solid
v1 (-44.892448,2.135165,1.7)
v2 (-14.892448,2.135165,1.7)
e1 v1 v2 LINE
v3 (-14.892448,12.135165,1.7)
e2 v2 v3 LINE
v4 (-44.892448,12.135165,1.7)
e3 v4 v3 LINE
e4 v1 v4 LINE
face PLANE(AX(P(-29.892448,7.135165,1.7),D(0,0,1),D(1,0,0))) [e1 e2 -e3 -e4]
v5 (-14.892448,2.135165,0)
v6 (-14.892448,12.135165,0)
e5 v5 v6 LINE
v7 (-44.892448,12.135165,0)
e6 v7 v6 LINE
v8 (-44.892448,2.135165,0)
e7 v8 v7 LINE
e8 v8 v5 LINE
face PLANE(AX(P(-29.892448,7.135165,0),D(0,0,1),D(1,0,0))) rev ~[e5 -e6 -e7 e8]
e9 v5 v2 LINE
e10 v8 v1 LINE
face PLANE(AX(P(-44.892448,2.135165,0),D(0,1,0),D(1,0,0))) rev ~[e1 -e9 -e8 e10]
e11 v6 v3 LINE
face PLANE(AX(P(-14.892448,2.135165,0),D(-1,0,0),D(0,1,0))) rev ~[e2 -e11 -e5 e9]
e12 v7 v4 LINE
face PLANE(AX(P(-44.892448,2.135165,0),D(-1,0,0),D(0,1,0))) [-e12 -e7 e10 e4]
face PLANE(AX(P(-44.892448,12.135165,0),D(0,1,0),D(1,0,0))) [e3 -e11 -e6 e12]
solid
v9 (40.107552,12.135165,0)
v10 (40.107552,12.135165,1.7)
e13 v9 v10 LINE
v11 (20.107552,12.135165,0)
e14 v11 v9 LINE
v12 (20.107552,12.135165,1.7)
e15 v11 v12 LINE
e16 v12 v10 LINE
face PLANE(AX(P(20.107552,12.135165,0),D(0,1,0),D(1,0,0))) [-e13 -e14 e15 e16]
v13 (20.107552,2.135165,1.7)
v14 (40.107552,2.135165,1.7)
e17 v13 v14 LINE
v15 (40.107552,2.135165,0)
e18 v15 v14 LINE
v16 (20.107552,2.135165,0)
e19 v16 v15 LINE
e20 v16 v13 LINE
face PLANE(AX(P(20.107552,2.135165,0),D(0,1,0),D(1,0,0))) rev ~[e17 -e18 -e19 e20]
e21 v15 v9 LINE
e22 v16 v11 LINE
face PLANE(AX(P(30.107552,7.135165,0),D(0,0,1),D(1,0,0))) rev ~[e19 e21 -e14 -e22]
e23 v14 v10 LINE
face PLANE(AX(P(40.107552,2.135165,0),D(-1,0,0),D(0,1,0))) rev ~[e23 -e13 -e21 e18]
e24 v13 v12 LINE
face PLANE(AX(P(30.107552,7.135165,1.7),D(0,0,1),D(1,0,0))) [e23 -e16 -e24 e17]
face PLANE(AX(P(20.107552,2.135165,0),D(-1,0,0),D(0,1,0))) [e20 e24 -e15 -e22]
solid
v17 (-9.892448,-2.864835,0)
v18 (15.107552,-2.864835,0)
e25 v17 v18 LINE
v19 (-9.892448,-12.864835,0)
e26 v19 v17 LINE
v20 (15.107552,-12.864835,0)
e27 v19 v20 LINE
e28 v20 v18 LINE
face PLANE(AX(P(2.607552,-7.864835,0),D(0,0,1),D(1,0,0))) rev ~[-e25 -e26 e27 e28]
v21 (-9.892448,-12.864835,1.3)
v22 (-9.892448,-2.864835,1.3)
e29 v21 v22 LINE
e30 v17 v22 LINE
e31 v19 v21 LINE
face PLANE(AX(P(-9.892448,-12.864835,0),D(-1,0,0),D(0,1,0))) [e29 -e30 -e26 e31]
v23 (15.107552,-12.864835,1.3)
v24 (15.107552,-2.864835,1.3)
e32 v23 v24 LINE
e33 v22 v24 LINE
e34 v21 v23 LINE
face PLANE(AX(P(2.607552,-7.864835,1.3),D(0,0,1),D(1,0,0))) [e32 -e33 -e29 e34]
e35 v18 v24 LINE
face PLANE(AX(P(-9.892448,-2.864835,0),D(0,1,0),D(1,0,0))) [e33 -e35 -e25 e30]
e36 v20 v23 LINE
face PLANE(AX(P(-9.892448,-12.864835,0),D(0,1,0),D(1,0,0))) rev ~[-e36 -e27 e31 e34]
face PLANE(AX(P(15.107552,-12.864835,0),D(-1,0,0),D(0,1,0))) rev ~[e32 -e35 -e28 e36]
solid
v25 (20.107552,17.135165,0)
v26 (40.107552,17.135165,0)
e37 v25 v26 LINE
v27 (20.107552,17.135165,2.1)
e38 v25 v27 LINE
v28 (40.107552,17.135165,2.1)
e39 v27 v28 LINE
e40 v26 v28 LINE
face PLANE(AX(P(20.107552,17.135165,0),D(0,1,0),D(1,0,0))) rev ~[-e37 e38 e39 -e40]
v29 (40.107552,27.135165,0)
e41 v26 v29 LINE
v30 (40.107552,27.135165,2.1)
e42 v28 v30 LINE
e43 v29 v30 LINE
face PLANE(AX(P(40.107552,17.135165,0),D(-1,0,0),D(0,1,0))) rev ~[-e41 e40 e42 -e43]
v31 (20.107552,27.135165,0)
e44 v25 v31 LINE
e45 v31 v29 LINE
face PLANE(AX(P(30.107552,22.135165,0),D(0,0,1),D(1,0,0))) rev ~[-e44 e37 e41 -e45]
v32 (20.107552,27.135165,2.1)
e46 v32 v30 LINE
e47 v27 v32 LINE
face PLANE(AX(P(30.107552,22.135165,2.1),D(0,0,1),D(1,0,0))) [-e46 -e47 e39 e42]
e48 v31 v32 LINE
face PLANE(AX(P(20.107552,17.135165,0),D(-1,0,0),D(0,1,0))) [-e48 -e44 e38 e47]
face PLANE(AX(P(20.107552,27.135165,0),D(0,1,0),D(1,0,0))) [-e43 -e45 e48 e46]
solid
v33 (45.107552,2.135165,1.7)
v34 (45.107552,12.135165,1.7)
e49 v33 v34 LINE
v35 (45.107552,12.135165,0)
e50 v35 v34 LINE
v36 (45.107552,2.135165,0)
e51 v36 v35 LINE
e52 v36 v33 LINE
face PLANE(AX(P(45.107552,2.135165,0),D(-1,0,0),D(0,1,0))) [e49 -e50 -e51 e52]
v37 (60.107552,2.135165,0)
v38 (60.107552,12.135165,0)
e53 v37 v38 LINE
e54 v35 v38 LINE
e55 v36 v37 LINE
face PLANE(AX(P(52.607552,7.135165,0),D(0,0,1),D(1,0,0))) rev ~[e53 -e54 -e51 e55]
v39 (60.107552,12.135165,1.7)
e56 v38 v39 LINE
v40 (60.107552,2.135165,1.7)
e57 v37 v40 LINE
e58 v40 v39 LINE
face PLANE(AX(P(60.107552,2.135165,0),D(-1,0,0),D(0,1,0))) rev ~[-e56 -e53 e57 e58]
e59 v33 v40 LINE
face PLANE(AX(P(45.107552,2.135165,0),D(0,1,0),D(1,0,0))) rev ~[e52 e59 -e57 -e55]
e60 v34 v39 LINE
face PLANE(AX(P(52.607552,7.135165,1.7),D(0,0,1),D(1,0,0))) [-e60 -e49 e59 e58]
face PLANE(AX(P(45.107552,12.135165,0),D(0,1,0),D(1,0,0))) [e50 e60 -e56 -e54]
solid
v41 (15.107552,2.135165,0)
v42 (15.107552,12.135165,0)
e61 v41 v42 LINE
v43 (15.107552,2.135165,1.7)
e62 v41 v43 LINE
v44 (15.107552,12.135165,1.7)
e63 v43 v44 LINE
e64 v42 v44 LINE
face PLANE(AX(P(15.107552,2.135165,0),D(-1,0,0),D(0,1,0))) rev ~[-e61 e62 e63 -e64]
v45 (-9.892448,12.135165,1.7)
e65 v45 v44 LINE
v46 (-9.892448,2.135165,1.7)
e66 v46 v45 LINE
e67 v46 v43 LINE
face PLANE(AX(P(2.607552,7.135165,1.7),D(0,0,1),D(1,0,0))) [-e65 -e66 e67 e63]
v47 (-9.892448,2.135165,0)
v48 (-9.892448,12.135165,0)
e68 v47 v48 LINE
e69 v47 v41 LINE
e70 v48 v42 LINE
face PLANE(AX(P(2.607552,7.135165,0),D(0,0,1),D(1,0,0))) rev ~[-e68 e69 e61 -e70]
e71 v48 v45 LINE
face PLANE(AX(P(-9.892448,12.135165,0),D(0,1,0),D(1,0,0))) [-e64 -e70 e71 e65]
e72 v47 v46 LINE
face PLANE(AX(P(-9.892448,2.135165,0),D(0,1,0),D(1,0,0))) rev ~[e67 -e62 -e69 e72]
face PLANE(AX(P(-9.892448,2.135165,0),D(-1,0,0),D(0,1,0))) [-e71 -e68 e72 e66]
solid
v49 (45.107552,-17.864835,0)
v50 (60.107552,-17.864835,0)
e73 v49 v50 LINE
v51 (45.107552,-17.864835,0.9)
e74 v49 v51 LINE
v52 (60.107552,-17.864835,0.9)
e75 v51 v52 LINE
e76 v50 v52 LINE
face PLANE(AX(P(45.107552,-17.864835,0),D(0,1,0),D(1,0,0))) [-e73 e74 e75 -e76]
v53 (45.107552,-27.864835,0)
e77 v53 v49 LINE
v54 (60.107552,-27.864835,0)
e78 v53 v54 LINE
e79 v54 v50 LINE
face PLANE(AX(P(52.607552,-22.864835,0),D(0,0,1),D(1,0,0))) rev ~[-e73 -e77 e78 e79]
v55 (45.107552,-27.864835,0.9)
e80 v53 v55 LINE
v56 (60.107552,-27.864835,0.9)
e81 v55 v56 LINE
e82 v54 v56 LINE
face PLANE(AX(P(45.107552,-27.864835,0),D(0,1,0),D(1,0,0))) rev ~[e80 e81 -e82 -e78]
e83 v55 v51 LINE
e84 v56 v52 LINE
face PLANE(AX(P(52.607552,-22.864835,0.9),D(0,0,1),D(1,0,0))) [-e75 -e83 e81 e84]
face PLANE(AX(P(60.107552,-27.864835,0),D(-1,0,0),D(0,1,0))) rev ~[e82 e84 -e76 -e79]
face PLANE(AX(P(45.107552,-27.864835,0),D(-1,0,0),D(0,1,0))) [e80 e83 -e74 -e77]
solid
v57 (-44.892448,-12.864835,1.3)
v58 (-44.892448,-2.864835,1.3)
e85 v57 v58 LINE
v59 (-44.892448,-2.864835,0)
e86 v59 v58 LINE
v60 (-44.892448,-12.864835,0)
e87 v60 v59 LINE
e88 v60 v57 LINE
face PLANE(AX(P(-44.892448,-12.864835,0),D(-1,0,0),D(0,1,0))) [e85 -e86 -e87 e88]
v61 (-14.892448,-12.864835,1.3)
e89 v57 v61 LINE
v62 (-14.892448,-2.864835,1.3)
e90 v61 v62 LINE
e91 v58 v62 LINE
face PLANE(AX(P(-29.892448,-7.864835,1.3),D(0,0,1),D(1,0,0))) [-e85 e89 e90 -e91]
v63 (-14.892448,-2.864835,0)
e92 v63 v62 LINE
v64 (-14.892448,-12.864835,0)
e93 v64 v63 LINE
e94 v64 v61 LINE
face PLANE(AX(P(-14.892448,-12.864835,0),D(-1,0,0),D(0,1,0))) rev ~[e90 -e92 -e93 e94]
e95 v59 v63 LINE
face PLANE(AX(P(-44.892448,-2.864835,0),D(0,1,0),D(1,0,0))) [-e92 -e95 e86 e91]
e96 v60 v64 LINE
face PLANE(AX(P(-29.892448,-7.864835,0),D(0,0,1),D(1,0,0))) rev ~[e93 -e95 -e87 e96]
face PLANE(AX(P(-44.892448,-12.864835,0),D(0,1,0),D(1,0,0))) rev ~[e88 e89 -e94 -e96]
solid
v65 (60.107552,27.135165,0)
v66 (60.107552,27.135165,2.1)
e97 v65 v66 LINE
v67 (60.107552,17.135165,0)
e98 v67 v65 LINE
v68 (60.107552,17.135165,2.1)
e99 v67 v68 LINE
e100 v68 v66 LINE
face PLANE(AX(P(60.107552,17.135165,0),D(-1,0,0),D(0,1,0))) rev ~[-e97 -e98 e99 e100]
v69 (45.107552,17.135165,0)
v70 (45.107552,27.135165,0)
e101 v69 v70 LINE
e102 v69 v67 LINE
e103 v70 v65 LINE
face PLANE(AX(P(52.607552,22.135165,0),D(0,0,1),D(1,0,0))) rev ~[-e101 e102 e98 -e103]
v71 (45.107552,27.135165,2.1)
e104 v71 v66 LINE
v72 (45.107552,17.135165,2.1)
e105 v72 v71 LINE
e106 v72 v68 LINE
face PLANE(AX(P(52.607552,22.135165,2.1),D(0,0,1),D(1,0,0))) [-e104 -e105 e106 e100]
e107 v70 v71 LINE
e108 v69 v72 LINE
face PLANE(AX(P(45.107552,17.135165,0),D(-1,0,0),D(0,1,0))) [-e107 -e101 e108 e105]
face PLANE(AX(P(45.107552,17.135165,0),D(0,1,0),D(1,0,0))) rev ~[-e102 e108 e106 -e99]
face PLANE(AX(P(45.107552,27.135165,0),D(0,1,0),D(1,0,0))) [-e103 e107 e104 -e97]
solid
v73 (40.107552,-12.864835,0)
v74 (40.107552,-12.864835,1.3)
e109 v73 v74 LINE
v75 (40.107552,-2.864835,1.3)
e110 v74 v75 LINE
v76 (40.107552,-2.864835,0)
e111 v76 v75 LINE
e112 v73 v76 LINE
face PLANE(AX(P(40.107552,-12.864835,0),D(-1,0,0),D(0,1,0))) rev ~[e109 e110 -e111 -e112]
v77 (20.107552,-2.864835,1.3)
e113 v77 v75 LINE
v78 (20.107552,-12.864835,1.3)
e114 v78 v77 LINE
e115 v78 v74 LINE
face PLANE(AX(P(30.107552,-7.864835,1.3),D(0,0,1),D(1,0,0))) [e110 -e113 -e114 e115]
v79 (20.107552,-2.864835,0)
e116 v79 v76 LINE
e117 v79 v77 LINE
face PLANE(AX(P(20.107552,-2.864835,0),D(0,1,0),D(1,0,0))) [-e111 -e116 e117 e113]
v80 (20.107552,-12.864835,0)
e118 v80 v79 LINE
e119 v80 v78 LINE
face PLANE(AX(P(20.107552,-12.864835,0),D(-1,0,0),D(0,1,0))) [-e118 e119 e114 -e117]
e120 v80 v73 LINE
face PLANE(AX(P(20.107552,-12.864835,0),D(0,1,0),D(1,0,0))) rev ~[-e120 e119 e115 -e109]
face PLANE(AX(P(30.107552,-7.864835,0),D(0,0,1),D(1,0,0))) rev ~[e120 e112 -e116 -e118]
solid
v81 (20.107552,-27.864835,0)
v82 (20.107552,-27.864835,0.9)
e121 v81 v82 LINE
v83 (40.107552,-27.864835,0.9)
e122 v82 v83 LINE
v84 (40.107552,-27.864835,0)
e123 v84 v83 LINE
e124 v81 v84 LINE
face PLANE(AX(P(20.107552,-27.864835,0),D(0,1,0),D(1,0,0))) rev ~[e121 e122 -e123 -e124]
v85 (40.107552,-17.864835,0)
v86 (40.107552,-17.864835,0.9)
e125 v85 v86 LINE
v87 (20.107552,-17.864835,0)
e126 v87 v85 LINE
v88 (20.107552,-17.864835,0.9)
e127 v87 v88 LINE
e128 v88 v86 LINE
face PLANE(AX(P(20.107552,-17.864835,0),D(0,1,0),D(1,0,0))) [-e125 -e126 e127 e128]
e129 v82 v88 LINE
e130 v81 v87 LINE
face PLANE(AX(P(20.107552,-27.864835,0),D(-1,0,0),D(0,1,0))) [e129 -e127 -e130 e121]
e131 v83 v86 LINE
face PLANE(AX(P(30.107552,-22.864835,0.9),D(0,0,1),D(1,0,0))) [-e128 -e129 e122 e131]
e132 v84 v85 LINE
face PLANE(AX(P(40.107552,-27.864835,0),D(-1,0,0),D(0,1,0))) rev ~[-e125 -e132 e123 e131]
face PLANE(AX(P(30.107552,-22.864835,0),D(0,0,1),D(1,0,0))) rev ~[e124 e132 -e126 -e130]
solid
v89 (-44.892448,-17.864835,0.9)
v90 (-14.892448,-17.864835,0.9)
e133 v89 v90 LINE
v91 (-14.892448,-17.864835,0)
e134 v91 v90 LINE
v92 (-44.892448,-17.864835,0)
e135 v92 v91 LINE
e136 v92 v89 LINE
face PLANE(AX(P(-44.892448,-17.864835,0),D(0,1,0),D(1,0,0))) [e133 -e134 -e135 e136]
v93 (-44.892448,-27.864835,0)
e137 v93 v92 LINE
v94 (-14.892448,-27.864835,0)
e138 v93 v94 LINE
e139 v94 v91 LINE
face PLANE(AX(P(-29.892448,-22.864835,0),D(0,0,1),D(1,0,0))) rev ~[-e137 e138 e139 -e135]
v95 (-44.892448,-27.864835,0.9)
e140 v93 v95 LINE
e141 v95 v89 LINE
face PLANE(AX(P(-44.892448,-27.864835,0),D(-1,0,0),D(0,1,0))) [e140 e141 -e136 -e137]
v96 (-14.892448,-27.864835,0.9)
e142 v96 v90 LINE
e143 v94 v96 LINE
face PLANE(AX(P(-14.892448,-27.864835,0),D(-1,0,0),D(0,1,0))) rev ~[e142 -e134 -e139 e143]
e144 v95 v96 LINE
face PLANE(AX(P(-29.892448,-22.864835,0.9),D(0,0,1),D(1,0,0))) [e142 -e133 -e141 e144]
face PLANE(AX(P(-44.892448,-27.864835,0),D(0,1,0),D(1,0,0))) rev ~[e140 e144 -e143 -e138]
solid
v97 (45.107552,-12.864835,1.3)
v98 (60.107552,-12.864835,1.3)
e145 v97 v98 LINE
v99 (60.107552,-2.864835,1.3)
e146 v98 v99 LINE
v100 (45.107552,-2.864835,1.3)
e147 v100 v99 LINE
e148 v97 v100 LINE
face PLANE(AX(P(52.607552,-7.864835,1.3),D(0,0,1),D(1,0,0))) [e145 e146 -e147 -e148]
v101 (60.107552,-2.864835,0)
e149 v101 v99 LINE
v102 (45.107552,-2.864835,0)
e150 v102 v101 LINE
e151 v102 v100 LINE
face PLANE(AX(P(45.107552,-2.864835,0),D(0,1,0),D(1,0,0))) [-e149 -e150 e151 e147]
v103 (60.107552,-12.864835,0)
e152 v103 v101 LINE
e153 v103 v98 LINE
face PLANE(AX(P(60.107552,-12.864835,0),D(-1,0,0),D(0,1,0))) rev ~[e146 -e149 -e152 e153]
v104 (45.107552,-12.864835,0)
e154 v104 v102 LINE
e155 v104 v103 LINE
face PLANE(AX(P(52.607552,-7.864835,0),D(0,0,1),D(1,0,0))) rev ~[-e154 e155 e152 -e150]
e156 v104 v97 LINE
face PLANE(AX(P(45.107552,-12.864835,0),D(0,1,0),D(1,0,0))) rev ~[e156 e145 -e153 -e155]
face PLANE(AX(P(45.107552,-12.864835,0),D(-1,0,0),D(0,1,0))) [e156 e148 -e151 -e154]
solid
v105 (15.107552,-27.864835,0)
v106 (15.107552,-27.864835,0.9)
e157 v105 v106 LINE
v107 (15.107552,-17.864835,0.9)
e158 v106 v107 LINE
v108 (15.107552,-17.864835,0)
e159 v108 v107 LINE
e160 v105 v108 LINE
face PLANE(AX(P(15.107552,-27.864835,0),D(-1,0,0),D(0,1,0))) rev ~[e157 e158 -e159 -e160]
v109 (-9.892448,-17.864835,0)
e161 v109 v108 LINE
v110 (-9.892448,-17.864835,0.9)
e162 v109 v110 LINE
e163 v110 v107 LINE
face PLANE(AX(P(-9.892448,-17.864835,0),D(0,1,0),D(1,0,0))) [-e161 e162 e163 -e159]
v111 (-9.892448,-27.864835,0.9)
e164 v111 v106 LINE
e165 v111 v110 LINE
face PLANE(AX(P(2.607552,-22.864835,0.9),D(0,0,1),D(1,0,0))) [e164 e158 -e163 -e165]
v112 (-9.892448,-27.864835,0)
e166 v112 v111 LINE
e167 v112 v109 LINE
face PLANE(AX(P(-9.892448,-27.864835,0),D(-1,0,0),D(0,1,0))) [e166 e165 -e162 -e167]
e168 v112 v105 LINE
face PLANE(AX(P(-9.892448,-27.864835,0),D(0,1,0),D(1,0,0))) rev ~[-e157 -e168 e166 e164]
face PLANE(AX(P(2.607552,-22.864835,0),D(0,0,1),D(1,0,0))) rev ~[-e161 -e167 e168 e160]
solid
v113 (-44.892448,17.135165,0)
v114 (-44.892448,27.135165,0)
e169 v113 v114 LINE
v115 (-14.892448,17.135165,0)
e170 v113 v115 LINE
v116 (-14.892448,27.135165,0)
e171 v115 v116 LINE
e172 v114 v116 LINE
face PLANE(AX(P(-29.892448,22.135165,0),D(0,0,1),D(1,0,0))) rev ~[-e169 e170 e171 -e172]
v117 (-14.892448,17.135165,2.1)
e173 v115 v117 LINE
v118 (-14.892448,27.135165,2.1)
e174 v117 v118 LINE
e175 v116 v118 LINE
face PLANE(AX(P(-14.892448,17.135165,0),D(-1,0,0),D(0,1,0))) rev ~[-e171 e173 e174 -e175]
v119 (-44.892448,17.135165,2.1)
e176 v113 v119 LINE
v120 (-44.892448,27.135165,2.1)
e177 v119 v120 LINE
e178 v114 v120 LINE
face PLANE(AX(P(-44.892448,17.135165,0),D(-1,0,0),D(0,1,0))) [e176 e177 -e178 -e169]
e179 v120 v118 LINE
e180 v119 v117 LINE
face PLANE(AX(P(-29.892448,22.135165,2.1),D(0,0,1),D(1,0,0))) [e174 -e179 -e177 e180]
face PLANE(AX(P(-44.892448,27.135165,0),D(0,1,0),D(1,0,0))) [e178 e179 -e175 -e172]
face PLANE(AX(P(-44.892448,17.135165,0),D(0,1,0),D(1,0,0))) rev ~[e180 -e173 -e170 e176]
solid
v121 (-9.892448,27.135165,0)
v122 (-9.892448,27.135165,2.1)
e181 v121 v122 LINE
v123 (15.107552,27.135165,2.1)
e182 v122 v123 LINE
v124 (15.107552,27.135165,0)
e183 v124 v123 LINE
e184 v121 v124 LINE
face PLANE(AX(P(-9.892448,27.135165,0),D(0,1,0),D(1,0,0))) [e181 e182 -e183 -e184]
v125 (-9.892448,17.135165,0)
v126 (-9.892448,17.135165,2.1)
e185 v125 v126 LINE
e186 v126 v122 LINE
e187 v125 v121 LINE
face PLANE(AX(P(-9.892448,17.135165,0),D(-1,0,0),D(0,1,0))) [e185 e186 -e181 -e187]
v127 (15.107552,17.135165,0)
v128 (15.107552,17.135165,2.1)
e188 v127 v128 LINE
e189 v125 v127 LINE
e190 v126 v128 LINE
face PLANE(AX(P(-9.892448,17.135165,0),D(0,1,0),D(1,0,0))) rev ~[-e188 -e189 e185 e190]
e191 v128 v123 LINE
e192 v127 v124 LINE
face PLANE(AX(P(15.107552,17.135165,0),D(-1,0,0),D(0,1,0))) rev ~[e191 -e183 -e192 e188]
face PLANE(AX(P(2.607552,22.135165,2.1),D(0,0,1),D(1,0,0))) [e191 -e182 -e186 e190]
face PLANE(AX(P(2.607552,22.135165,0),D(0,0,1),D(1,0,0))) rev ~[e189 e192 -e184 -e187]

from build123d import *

# Parameters (mm, degrees)
F0_W     = 30
F0_H     = 10
F0_W_2   = 25
F0_W_3   = 20
F0_W_4   = 15
F1_DEPTH = 2.1
F2_DEPTH = 1.7
F3_DEPTH = 1.3
F4_DEPTH = 0.9


with BuildPart() as f1:
    # F0 (on Top) → F1 (new body)
    with BuildSketch(Plane.XY):
        with Locations((-29.892448, 22.135165)):
            Rectangle(F0_W, F0_H)
        with Locations((2.607552, 22.135165)):
            Rectangle(F0_W_2, F0_H)
        with Locations((30.107552, 22.135165)):
            Rectangle(F0_W_3, F0_H)
        with Locations((52.607552, 22.135165)):
            Rectangle(F0_W_4, F0_H)
    extrude(amount=F1_DEPTH)


with BuildPart() as f2:
    # F0 (on Top) → F2 (new body)
    with BuildSketch(Plane.XY):
        with Locations((-29.892448, 7.135165)):
            Rectangle(F0_W, F0_H)
        with Locations((2.607552, 7.135165)):
            Rectangle(F0_W_2, F0_H)
        with Locations((30.107552, 7.135165)):
            Rectangle(F0_W_3, F0_H)
        with Locations((52.607552, 7.135165)):
            Rectangle(F0_W_4, F0_H)
    extrude(amount=F2_DEPTH)


with BuildPart() as f3:
    # F0 (on Top) → F3 (new body)
    with BuildSketch(Plane.XY):
        with Locations((-29.892448, -7.864835)):
            Rectangle(F0_W, F0_H)
        with Locations((2.607552, -7.864835)):
            Rectangle(F0_W_2, F0_H)
        with Locations((30.107552, -7.864835)):
            Rectangle(F0_W_3, F0_H)
        with Locations((52.607552, -7.864835)):
            Rectangle(F0_W_4, F0_H)
    extrude(amount=F3_DEPTH)


with BuildPart() as f4:
    # F0 (on Top) → F4 (new body)
    with BuildSketch(Plane.XY):
        with Locations((-29.892448, -22.864835)):
            Rectangle(F0_W, F0_H)
        with Locations((2.607552, -22.864835)):
            Rectangle(F0_W_2, F0_H)
        with Locations((30.107552, -22.864835)):
            Rectangle(F0_W_3, F0_H)
        with Locations((52.607552, -22.864835)):
            Rectangle(F0_W_4, F0_H)
    extrude(amount=F4_DEPTH)


solid = Compound([f1.part, f2.part, f3.part, f4.part])
